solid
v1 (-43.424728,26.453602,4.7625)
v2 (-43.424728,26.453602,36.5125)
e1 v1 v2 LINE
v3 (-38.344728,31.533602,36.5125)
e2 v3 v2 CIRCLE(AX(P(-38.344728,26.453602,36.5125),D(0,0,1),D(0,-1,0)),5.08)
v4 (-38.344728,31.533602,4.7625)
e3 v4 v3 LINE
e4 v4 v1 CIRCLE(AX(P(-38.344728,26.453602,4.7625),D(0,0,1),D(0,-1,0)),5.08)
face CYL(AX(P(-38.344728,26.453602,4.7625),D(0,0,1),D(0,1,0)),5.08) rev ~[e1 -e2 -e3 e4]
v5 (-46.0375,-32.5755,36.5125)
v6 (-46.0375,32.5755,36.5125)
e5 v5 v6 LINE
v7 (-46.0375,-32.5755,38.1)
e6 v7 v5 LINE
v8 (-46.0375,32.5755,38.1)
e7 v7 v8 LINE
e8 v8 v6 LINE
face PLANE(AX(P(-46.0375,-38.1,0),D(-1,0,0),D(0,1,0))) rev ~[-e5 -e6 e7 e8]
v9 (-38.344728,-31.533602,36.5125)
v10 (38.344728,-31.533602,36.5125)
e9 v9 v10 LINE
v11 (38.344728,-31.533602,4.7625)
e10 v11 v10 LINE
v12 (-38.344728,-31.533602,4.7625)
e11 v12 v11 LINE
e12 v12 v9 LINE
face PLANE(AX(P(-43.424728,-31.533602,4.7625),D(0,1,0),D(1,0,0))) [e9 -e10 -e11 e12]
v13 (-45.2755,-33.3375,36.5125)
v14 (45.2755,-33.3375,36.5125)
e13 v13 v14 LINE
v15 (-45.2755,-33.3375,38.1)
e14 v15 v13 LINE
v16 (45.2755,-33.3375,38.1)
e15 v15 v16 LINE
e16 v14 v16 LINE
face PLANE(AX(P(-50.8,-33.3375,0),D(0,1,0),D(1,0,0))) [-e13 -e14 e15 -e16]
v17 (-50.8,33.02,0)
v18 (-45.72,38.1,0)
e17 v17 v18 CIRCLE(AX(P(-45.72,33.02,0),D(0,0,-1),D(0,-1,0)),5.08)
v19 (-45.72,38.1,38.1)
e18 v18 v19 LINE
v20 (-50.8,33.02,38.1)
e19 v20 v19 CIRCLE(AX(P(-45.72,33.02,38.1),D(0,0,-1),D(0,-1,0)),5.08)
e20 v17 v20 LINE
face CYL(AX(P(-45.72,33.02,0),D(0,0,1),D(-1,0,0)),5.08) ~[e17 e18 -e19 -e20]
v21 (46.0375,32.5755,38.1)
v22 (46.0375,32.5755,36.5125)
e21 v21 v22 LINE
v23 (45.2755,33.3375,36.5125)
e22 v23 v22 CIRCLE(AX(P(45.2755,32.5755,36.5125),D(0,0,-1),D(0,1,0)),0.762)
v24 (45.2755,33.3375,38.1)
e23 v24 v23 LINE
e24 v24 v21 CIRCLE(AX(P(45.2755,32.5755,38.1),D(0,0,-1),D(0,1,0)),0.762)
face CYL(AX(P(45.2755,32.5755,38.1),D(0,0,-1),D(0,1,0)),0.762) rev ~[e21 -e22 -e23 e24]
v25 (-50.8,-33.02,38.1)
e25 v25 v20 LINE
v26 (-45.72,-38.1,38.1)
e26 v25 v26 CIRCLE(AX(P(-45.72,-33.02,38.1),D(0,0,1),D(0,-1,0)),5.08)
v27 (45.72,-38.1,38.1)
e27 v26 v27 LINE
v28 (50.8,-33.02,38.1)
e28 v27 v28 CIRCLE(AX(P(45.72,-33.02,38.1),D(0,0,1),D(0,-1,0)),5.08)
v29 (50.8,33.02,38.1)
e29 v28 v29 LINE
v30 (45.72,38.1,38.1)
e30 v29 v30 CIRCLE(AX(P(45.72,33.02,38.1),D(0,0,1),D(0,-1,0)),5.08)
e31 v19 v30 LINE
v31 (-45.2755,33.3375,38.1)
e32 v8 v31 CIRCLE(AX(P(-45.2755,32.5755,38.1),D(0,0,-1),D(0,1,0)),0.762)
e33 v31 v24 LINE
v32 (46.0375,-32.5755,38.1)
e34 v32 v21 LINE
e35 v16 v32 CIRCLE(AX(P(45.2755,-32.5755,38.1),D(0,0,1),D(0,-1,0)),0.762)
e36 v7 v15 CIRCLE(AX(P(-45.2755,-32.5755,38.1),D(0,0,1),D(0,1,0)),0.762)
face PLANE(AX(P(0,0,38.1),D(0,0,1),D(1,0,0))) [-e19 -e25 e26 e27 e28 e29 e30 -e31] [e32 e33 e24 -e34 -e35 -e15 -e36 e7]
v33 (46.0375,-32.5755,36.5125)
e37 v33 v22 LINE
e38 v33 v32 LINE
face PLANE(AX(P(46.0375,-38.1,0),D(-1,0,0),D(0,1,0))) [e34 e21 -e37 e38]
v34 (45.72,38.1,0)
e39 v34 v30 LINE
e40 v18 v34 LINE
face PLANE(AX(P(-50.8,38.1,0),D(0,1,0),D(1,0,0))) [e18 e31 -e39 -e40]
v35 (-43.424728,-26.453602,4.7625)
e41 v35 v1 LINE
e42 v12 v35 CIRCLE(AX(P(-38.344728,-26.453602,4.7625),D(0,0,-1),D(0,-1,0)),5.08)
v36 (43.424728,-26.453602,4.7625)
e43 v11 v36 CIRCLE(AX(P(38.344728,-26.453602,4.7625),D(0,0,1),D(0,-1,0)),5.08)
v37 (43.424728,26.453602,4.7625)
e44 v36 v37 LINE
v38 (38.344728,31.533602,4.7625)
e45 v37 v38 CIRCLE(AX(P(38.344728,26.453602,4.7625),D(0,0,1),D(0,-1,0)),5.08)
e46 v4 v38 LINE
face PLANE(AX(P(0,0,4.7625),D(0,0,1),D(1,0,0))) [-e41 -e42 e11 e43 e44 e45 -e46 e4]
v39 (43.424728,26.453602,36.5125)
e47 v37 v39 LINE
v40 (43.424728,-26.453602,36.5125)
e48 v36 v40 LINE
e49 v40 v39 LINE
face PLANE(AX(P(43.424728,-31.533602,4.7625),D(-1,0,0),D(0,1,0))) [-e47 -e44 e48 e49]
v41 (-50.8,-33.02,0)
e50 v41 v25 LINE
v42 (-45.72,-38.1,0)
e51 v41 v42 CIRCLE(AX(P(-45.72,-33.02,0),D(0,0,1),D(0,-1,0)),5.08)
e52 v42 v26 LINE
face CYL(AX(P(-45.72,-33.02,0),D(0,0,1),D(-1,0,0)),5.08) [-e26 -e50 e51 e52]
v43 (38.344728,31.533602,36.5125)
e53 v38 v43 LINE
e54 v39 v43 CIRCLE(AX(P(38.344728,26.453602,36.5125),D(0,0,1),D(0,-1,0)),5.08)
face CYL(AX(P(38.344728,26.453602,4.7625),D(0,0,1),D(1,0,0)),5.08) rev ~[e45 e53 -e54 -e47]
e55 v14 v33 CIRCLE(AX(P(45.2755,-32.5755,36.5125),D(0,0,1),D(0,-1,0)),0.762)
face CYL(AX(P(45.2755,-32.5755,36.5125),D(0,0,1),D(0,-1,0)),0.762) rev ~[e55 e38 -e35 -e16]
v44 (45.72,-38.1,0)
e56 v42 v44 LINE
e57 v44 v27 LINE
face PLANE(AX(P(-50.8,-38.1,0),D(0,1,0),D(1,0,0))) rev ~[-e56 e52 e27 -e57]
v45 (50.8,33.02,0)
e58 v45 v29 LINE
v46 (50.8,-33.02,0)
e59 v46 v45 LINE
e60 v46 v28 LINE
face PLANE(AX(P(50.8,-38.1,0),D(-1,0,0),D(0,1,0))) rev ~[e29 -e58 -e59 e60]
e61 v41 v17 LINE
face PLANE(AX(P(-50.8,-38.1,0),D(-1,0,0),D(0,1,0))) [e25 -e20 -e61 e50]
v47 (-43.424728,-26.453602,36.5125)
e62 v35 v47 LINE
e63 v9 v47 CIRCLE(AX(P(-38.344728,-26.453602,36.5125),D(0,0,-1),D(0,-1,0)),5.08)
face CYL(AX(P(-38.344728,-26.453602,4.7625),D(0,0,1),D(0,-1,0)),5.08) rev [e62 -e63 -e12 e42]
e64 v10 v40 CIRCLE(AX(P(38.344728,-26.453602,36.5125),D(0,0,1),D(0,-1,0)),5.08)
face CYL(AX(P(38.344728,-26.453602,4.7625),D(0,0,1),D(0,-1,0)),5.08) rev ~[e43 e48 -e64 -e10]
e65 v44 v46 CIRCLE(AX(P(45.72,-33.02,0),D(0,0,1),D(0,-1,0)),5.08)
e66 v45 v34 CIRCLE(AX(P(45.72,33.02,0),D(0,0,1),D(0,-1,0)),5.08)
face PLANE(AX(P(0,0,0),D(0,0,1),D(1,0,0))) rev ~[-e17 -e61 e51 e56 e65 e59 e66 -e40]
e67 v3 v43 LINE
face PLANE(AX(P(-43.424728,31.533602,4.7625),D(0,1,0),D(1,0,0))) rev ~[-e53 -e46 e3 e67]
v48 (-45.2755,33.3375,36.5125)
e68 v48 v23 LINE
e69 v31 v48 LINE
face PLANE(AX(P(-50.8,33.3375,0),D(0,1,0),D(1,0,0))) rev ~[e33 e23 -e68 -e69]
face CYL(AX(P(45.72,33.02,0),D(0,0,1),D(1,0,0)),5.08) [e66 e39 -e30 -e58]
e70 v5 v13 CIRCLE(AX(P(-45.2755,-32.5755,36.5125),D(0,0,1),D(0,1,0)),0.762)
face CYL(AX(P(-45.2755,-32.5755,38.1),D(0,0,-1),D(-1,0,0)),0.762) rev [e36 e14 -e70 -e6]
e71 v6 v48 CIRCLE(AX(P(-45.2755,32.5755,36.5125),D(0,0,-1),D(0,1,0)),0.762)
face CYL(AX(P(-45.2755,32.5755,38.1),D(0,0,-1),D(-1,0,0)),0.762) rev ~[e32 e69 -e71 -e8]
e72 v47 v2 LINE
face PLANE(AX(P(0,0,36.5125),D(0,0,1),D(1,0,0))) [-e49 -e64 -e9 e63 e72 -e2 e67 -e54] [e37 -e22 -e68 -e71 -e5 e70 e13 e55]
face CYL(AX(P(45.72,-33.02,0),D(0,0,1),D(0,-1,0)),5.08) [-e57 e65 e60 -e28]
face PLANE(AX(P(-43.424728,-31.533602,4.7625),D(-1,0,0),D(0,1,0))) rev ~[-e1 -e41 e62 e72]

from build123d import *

# Parameters (mm, degrees)
F0_W     = 101.6
F0_H     = 76.2
F1_DEPTH = 38.1
F2_T     = -4.7625
F3_W     = 92.075
F3_H     = 66.675
F3_W_2   = 86.8494564931
F3_H_2   = 63.0672035732
F4_DEPTH = 31.75
F5_R     = 0.762
F6_R     = 5.08
F7_R     = 5.08


with BuildPart() as f1:
    # F0 (on Top) → F1 (new body)
    with BuildSketch(Plane.XY):
        Rectangle(F0_W, F0_H)
    extrude(amount=F1_DEPTH)

    # F2
    f2_openings = [f1.faces().sort_by_distance(p)[0] for p in [
        (0, 0, 38.1),
    ]]
    offset(amount=F2_T, openings=f2_openings)

    # F3 (on face) → F4 (join)
    with BuildSketch(Plane.XY.offset(4.7625)):
        Rectangle(F3_W, F3_H)
        Rectangle(F3_W_2, F3_H_2, mode=Mode.SUBTRACT)
    extrude(amount=F4_DEPTH)

    # F5
    f5_edges = [f1.edges().sort_by_distance(p)[0] for p in [
        (-46.0375, 33.3375, 37.30625),
        (46.0375, 33.3375, 37.30625),
        (46.0375, -33.3375, 37.30625),
        (-46.0375, -33.3375, 37.30625),
    ]]
    fillet(f5_edges, radius=F5_R)

    # F6
    f6_edges = [f1.edges().sort_by_distance(p)[0] for p in [
        (43.424728, 31.533602, 20.6375),
        (43.424728, -31.533602, 20.6375),
        (-43.424728, -31.533602, 20.6375),
        (-43.424728, 31.533602, 20.6375),
    ]]
    fillet(f6_edges, radius=F6_R)

    # F7
    f7_edges = [f1.edges().sort_by_distance(p)[0] for p in [
        (50.8, 38.1, 19.05),
        (50.8, -38.1, 19.05),
        (-50.8, 38.1, 19.05),
        (-50.8, -38.1, 19.05),
    ]]
    fillet(f7_edges, radius=F7_R)


solid = f1.part
